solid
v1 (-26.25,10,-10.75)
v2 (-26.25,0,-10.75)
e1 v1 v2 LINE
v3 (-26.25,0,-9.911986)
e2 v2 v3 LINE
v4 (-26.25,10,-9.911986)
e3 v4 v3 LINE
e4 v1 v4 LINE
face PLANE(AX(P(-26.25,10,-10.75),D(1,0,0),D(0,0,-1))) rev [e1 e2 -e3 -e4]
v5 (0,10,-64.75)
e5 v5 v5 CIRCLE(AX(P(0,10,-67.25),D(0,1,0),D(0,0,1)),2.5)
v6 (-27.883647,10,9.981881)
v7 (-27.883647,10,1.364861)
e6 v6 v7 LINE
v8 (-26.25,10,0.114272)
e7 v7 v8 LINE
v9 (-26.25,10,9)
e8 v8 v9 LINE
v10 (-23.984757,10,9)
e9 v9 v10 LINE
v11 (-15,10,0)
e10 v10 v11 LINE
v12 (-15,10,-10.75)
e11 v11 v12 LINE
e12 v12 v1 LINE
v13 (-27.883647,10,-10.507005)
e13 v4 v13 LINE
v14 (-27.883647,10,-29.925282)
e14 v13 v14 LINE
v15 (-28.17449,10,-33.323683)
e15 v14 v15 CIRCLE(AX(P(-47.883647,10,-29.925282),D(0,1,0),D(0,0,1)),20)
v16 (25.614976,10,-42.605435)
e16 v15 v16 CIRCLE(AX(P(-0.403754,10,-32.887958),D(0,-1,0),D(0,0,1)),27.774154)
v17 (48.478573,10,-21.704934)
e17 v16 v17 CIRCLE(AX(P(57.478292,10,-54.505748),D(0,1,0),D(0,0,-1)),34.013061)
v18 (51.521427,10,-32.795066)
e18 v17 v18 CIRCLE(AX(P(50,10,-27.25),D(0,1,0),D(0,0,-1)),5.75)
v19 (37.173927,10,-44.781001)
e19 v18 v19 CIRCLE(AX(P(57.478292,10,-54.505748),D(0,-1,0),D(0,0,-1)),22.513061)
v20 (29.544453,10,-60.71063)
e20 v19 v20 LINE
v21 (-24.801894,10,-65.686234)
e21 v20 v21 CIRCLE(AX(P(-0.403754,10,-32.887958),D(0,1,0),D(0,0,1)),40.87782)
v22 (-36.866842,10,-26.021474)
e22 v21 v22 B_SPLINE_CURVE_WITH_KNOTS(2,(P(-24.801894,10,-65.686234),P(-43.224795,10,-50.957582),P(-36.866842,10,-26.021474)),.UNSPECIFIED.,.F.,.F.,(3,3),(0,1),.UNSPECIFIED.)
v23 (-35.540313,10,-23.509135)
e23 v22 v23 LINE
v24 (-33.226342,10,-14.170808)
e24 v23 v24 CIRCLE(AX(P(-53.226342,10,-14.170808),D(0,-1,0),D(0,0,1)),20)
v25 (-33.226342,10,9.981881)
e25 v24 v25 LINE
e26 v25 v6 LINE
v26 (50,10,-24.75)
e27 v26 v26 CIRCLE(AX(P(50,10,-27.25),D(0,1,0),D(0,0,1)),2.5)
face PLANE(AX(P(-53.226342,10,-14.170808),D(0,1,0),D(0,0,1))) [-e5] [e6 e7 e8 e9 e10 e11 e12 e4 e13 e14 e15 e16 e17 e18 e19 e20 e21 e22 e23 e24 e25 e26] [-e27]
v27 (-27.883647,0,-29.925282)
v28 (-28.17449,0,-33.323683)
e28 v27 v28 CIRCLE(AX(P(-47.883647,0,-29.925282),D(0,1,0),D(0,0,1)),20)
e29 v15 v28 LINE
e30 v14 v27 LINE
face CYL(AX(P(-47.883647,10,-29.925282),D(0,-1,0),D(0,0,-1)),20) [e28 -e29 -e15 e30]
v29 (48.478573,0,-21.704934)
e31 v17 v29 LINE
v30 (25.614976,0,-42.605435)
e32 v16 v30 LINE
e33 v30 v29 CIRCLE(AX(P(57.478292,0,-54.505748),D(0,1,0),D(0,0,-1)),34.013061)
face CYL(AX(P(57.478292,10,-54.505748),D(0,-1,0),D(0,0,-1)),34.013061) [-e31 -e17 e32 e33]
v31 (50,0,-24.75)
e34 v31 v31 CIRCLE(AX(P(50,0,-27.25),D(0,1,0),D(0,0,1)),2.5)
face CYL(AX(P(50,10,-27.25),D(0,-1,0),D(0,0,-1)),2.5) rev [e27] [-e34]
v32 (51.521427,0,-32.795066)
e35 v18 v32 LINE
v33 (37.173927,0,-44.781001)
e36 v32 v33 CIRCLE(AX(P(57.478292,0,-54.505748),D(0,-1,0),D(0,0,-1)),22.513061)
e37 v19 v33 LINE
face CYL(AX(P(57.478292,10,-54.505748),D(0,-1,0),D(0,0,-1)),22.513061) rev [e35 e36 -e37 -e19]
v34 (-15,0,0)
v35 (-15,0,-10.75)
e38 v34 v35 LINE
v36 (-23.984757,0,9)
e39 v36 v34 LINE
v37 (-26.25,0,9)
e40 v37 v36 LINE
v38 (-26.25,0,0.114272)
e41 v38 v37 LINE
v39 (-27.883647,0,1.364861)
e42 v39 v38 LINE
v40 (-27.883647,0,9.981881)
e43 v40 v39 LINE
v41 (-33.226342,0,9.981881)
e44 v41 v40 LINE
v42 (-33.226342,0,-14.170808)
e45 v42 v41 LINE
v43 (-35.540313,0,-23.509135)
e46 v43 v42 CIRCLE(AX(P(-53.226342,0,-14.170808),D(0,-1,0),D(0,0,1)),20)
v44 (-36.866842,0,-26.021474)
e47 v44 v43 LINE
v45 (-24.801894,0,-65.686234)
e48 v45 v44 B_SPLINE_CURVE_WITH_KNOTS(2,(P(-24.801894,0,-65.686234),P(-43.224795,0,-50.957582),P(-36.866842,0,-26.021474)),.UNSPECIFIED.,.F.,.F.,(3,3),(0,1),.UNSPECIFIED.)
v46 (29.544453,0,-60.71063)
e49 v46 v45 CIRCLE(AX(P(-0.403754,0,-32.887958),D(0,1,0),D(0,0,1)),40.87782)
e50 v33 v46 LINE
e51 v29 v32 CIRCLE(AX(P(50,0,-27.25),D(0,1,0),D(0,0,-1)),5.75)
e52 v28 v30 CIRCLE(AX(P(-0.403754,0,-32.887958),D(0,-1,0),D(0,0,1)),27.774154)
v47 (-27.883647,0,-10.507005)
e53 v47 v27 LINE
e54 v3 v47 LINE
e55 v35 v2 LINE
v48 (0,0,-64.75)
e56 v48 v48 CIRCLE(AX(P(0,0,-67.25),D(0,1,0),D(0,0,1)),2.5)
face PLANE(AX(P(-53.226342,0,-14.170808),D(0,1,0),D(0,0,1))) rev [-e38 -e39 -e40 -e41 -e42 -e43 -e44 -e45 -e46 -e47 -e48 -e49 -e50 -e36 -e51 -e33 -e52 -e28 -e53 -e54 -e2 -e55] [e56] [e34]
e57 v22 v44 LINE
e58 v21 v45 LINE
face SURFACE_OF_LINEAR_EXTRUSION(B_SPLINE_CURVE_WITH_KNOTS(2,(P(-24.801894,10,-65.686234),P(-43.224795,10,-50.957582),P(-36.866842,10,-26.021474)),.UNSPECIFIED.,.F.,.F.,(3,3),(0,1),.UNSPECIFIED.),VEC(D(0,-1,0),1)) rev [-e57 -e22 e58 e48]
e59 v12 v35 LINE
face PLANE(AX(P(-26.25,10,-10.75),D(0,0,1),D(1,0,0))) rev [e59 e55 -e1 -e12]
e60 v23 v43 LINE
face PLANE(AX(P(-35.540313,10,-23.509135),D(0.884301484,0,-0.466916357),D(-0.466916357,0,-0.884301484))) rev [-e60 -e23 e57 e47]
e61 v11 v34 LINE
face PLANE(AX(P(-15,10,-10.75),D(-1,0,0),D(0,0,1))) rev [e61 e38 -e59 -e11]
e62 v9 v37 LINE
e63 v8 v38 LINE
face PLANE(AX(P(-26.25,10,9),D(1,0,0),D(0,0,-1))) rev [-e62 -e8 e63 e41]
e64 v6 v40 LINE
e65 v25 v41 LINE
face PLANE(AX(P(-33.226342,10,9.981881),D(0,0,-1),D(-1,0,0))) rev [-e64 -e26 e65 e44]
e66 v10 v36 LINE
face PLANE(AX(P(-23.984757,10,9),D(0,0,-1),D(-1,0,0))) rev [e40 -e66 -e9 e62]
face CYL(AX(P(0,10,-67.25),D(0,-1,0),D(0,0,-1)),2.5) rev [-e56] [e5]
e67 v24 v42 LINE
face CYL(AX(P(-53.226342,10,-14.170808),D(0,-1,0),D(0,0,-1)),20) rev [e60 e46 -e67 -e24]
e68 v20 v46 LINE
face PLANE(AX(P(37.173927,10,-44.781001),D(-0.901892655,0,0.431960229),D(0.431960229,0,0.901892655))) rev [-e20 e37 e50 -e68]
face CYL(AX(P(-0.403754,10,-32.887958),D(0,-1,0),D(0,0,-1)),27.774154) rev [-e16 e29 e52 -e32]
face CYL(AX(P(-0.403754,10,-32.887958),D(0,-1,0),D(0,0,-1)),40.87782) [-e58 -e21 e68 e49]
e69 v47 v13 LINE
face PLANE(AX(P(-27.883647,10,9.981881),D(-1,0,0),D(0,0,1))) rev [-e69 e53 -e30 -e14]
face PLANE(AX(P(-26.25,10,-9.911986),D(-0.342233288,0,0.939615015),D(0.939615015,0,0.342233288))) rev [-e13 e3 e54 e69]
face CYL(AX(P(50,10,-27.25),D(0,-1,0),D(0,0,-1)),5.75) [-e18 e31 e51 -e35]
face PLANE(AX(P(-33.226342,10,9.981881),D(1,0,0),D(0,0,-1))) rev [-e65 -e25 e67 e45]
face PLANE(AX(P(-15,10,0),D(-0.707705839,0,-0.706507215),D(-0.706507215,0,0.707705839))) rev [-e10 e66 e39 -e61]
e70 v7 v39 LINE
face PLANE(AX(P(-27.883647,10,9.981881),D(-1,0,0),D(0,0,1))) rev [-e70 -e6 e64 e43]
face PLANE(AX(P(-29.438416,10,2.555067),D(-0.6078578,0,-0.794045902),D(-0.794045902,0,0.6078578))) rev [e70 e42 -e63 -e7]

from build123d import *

# Parameters (mm, degrees)
SKETCH2_R           = 2.5
BOSS_EXTRUDE1_DEPTH = 10
BOSS_EXTRUDE2_DEPTH = 10


with BuildPart() as part:
    # Sketch2 → Boss-Extrude1 (new body)
    with BuildSketch(Plane(origin=(0, 0, 0), x_dir=(1, 0, 0), z_dir=(0, 1, 0))):
        with BuildLine():
            Line((-33.226342232, -9.981880582), (-27.883647244, -9.981880582))
            Line((-27.883647244, -9.981880582), (-27.883647244, 29.925281779))
            ThreePointArc((-27.883647244, 29.925281779), (-27.956490633, 31.630693582), (-28.174490185, 33.323682587))
            ThreePointArc((-28.174490185, 33.323682587), (-5.126582747, 60.257622762), (25.614975975, 42.605434852))
            ThreePointArc((25.614975975, 42.605434852), (34.529334698, 29.401291822), (48.478573237, 21.70493367))
            ThreePointArc((48.478573237, 21.70493367), (55.54506633, 25.728573237), (51.521426763, 32.79506633))
            ThreePointArc((51.521426763, 32.79506633), (43.044695487, 37.228328186), (37.173927096, 44.781000713))
            Line((37.173927096, 44.781000713), (29.544453309, 60.710630122))
            ThreePointArc((29.544453309, 60.710630122), (3.323171133, 73.595527675), (-24.801894282, 65.686234454))
            add(Edge.make_bspline(
                [(-36.866842145, 26.021473673), (-43.224794525, 50.957582374), (-24.801894282, 65.686234454)],
                knots=[0, 0, 0, 1, 1, 1], degree=2))
            Line((-36.866842145, 26.021473673), (-35.540312543, 23.509134839))
            ThreePointArc((-35.540312543, 23.509134839), (-33.813452265, 18.981182225), (-33.226342232, 14.170807697))
            Line((-33.226342232, 14.170807697), (-33.226342232, -9.981880582))
        make_face()
        with Locations(Location((0, 67.25, 0), (0, 0, 270))):
            Circle(SKETCH2_R, mode=Mode.SUBTRACT)
        with Locations(Location((50, 27.25, 0), (0, 0, 270))):
            Circle(SKETCH2_R, mode=Mode.SUBTRACT)
    extrude(amount=BOSS_EXTRUDE1_DEPTH)

    # Sketch1 → Boss-Extrude2 (add)
    with BuildSketch(Plane(origin=(0, 0, 0), x_dir=(1, 0, 0), z_dir=(0, 1, 0))):
        Polygon((-26.25, 10.75), (-15, 10.75), (-15, 0), (-23.984756923, -9), (-26.25, -9), (-26.25, -0.114272299), (-29.438415679, -2.555067389), (-29.438415679, 11.073293435), (-26.25, 9.911985917), align=None)
    extrude(amount=BOSS_EXTRUDE2_DEPTH)


solid = part.part
